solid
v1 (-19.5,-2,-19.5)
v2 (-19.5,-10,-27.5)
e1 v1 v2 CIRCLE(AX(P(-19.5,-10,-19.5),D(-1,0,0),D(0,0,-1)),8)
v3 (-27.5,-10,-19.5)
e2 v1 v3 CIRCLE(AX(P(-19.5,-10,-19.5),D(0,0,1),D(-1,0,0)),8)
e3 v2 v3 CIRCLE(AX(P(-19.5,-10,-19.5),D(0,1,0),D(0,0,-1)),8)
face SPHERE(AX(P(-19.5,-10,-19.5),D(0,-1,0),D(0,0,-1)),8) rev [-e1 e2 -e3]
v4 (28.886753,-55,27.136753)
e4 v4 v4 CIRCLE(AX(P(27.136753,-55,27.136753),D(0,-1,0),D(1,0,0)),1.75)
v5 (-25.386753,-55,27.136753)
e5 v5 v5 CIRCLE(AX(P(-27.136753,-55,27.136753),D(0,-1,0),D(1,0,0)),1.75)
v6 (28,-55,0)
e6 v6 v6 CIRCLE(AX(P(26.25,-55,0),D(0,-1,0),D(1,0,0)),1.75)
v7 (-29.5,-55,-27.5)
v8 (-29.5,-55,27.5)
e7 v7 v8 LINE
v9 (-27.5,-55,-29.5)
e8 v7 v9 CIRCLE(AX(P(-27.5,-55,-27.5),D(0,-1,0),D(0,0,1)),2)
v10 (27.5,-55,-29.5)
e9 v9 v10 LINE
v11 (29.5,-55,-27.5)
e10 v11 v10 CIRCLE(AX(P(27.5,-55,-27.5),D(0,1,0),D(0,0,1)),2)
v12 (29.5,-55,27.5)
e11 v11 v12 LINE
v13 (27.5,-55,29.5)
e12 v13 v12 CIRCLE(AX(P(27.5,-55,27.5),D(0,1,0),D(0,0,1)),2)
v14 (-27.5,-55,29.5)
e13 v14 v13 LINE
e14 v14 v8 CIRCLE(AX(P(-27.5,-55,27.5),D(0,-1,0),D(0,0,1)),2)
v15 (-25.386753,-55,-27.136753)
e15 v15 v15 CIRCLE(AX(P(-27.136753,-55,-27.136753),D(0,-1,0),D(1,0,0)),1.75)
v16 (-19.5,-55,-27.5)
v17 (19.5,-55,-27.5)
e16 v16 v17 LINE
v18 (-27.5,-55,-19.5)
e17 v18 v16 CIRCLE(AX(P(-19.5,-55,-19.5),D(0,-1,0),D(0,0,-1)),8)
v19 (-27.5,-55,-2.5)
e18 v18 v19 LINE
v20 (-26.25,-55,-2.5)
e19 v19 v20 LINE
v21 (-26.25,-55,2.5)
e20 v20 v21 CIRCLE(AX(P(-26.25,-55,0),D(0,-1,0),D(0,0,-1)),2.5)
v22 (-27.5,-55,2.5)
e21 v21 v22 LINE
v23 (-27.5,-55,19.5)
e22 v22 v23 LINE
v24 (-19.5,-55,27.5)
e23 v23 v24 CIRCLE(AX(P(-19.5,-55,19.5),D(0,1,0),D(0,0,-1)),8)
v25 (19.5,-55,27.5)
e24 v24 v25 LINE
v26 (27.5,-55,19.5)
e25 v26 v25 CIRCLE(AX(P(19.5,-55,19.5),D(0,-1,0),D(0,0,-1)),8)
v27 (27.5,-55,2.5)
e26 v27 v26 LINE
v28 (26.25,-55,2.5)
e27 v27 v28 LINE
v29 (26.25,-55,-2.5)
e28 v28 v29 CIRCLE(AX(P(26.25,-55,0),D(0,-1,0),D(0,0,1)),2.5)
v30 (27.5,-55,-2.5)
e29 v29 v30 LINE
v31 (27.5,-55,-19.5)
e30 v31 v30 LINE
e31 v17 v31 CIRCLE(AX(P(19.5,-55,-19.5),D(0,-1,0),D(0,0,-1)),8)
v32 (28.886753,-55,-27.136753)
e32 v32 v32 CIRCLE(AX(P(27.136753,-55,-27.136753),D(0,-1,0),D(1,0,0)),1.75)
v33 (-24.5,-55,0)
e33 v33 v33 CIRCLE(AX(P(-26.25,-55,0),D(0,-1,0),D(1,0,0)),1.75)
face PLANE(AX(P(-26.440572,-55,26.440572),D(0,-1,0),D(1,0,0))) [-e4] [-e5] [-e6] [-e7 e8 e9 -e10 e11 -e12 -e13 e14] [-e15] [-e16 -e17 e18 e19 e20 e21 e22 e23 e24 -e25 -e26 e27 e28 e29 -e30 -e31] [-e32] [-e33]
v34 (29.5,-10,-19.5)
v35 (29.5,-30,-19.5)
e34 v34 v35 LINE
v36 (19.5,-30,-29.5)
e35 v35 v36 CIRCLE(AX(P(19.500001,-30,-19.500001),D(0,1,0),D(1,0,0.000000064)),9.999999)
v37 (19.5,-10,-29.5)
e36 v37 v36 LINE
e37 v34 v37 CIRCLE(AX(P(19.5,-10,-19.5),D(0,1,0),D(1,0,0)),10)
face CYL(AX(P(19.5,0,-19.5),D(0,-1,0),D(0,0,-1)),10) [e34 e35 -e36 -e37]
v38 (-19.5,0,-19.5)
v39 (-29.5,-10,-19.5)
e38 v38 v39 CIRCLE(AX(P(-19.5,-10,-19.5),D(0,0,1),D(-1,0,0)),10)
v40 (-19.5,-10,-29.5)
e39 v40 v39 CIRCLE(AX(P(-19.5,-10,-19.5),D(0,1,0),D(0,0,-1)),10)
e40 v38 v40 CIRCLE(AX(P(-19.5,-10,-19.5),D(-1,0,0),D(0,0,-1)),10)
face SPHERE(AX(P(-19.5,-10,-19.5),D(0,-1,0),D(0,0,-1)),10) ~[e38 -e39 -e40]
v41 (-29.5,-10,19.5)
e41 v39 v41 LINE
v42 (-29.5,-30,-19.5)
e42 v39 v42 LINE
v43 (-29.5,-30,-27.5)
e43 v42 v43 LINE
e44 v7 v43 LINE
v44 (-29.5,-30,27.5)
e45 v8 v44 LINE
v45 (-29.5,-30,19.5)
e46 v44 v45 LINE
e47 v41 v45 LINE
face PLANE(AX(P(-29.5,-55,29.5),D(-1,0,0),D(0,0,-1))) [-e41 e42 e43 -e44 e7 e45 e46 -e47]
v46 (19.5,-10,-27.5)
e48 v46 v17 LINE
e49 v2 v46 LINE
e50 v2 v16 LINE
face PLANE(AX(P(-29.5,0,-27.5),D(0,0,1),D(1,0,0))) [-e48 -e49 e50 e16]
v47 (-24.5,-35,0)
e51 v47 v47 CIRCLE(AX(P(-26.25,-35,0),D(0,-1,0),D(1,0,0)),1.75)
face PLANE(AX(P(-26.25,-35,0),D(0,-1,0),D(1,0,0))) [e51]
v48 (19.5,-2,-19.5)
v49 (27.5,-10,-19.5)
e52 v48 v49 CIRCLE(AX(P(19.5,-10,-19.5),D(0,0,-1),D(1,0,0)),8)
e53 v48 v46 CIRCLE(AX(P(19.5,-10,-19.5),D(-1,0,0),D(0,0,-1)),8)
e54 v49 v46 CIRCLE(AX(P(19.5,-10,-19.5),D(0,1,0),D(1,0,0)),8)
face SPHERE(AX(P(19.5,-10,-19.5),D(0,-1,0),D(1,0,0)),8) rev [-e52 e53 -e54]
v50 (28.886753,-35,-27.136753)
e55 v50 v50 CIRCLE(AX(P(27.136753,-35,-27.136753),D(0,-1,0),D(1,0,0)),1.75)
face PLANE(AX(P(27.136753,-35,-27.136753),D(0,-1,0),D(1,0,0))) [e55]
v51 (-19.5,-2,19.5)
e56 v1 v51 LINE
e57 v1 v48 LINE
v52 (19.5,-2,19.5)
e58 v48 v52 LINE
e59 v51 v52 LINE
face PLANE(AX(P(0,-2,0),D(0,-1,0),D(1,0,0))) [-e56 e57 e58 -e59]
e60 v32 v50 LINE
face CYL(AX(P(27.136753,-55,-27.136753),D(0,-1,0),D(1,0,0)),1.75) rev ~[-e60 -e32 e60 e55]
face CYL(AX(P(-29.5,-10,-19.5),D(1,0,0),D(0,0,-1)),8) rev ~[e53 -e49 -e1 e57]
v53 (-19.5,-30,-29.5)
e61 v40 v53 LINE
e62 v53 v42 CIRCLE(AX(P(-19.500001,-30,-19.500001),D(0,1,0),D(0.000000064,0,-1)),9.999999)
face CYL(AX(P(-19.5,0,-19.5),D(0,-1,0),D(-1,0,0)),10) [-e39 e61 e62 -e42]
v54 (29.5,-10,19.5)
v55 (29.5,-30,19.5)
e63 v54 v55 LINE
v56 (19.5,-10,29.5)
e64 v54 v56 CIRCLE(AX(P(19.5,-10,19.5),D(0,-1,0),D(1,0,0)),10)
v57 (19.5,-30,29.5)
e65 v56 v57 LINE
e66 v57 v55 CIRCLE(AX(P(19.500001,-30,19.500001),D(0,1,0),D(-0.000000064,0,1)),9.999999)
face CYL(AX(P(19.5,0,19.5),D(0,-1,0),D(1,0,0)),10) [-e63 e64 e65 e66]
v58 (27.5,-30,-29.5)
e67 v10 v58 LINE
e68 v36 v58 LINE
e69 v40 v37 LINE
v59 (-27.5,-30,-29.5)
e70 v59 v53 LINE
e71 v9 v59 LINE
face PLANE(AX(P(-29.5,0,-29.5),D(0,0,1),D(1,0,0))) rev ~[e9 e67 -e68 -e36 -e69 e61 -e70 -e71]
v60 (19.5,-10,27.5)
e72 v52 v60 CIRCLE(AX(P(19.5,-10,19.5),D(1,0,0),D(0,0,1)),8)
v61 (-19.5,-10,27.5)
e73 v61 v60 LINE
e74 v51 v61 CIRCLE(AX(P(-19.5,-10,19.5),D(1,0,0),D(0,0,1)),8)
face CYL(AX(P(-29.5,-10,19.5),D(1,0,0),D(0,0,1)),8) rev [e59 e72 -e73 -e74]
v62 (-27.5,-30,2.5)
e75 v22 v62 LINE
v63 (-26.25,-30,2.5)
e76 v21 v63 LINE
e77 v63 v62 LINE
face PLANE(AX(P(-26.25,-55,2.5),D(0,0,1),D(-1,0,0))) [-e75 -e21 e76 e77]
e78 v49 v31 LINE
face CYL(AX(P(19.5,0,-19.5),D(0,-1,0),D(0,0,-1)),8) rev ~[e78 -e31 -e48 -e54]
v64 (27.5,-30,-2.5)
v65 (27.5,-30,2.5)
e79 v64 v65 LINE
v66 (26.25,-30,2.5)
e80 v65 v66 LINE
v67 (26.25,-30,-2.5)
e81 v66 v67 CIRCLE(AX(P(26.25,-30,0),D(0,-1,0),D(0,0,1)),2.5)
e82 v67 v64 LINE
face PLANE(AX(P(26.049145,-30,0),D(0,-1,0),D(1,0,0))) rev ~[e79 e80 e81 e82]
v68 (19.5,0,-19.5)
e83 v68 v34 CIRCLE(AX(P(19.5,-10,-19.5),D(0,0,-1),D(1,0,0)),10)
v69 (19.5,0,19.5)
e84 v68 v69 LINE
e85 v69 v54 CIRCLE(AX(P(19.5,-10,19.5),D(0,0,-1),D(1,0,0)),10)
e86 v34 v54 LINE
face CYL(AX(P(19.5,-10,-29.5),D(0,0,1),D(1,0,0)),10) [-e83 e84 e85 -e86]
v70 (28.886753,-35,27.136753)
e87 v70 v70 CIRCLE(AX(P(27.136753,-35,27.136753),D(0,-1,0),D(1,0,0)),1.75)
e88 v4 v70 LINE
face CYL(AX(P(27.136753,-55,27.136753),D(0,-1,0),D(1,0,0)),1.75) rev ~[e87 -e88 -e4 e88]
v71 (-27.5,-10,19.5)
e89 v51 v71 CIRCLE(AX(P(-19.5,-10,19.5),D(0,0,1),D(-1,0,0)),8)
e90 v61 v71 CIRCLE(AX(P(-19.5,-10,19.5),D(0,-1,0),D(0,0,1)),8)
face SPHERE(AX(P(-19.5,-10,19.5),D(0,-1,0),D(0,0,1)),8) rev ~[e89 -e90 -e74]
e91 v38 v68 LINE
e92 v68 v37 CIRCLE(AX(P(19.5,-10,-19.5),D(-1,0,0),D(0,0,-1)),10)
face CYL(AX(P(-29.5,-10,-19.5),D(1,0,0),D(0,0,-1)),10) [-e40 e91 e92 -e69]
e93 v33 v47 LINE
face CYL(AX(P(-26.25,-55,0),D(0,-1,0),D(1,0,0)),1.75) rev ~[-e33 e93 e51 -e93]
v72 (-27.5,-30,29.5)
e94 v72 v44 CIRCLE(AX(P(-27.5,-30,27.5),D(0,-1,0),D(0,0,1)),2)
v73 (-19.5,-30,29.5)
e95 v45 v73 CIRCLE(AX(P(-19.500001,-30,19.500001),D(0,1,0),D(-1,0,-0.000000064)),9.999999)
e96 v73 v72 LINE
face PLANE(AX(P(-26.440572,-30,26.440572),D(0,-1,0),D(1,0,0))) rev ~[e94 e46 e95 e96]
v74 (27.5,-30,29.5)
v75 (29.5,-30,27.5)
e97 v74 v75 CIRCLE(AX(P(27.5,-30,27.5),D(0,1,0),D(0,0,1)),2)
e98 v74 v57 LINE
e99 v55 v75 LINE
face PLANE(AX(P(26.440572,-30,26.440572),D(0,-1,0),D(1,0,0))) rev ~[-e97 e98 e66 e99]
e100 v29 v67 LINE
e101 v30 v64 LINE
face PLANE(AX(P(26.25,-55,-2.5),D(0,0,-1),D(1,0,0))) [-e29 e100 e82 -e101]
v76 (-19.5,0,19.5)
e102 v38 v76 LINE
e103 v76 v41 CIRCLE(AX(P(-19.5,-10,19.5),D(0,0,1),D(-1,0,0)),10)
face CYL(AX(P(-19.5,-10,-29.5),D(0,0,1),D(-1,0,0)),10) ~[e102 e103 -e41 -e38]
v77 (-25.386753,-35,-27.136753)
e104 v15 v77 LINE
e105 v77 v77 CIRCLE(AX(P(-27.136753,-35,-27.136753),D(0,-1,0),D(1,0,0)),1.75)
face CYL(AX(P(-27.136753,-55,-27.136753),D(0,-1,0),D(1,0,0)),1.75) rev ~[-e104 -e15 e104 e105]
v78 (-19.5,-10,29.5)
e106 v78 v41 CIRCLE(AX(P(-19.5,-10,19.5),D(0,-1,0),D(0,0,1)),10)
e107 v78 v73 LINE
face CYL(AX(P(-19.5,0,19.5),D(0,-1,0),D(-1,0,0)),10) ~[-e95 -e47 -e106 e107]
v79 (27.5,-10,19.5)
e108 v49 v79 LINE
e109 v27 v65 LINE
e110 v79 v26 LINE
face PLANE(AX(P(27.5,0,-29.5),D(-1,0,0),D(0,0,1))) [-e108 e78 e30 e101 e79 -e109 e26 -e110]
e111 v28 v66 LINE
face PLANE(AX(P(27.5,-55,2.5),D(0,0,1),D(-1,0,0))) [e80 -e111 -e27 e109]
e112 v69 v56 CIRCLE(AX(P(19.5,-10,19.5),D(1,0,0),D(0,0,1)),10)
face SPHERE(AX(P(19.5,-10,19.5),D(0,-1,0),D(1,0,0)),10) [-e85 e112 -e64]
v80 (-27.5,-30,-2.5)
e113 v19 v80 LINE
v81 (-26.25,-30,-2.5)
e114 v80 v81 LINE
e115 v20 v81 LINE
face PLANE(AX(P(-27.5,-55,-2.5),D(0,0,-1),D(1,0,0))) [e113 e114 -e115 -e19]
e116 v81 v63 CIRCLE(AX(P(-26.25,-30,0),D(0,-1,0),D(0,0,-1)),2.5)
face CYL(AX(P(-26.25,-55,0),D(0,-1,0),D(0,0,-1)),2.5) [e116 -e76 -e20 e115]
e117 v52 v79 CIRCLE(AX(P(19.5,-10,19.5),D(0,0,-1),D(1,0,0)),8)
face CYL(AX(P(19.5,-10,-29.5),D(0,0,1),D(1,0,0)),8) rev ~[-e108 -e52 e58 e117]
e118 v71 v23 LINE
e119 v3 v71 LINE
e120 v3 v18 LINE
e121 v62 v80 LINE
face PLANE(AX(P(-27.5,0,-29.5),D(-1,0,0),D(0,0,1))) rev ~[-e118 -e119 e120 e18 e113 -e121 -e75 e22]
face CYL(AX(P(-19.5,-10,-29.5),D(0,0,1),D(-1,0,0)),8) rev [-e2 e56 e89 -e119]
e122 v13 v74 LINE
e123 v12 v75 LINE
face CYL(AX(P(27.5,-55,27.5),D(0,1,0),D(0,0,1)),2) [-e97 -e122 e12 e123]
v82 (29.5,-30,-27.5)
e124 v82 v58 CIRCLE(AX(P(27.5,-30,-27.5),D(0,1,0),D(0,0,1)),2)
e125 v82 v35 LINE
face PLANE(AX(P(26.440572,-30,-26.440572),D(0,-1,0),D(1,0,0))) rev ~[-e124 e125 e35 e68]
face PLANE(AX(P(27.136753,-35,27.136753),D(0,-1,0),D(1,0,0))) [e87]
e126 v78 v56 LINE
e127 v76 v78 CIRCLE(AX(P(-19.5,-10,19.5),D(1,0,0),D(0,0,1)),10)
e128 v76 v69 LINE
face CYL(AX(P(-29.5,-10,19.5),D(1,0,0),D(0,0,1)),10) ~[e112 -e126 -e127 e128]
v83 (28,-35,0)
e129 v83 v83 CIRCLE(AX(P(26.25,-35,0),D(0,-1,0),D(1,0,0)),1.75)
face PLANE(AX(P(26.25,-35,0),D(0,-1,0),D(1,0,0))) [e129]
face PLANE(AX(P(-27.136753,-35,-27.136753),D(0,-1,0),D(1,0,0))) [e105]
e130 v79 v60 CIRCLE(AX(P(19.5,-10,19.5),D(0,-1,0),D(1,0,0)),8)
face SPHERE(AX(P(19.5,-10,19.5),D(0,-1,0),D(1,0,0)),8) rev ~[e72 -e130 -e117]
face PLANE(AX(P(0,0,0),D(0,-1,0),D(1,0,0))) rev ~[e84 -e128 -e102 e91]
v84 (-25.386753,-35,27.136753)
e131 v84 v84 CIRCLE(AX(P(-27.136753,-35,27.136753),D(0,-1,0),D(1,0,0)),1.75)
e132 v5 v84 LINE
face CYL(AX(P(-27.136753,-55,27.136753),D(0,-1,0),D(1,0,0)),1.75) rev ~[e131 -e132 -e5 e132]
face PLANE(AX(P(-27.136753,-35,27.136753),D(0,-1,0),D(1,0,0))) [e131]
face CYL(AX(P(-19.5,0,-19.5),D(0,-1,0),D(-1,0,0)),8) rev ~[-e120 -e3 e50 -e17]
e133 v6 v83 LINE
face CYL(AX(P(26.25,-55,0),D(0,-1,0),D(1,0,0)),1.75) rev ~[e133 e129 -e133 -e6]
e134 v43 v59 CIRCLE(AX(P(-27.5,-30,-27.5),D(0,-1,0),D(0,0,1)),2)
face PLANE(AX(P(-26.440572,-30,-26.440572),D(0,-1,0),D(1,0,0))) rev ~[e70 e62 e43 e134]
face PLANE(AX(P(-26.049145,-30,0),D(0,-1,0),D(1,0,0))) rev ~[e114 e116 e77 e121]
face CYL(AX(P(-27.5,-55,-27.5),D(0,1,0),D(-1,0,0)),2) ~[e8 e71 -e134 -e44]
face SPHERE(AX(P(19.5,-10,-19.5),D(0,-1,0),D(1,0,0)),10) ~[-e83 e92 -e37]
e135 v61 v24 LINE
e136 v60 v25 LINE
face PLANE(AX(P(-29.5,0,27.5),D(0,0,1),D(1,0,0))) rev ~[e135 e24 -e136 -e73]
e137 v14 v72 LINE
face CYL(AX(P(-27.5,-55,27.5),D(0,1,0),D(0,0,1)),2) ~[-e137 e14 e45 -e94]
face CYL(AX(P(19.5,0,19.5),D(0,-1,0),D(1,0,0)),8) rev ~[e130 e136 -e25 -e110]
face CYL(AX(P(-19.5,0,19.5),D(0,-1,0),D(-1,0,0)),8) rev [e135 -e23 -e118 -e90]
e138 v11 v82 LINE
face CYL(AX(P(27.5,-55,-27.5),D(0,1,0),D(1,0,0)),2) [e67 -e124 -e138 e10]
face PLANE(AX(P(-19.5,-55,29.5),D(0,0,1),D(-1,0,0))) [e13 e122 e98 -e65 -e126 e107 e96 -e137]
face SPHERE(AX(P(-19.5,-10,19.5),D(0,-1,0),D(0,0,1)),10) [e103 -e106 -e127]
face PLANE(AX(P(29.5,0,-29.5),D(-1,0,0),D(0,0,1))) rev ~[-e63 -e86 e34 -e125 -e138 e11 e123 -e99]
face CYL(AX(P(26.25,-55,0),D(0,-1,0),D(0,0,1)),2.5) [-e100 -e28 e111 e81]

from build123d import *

# Parameters (mm, degrees)
F0_W     = 59
F0_H     = 59
F1_DEPTH = 55
F2_R     = 10
F3_T     = -2
F5_DEPTH = 25
F6_R     = 1.75
F7_DEPTH = 20
F8_R     = 2


with BuildPart() as f1:
    # F0 (on Front) → F1 (new body)
    with BuildSketch(Plane.XZ):
        Rectangle(F0_W, F0_H)
    extrude(amount=F1_DEPTH)

    # F2
    f2_edges = [f1.edges().sort_by_distance(p)[0] for p in [
        (-29.5, -27.5, 29.5),
        (29.5, -27.5, 29.5),
        (29.5, -27.5, -29.5),
        (-29.5, -27.5, -29.5),
        (29.5, 0, 0),
        (0, 0, 29.5),
        (0, 0, -29.5),
        (-29.5, 0, 0),
    ]]
    fillet(f2_edges, radius=F2_R)

    # F3
    f3_openings = [f1.faces().sort_by_distance(p)[0] for p in [
        (0, -55, 0),
    ]]
    offset(amount=F3_T, openings=f3_openings)

    # F4 (on face) → F5 (join)
    with BuildSketch(Plane.XZ.offset(55)):
        with BuildLine():
            ThreePointArc((-29.5, 19.5), (-26.571068, 26.571068), (-19.5, 29.5))
            Line((-19.5, 29.5), (-29.5, 29.5))
            Line((-29.5, 29.5), (-29.5, 19.5))
        make_face()
        with BuildLine():
            Line((29.5, 29.5), (19.5, 29.5))
            ThreePointArc((19.5, 29.5), (26.571068, 26.571068), (29.5, 19.5))
            Line((29.5, 19.5), (29.5, 29.5))
        make_face()
        with BuildLine():
            Line((-29.5, -19.5), (-29.5, -29.5))
            Line((-29.5, -29.5), (-19.5, -29.5))
            ThreePointArc((-19.5, -29.5), (-26.571068, -26.571068), (-29.5, -19.5))
        make_face()
        with BuildLine():
            ThreePointArc((29.5, -19.5), (26.571068, -26.571068), (19.5, -29.5))
            Line((19.5, -29.5), (29.5, -29.5))
            Line((29.5, -29.5), (29.5, -19.5))
        make_face()
        with BuildLine():
            Line((-27.5, -2.5), (-26.25, -2.5))
            ThreePointArc((-26.25, -2.5), (-23.75, 0), (-26.25, 2.5))
            Line((-26.25, 2.5), (-27.5, 2.5))
            Line((-27.5, 2.5), (-27.5, -2.5))
        make_face()
        with BuildLine():
            ThreePointArc((26.25, 2.5), (23.75, 0), (26.25, -2.5))
            Line((26.25, -2.5), (27.5, -2.5))
            Line((27.5, -2.5), (27.5, 2.5))
            Line((27.5, 2.5), (26.25, 2.5))
        make_face()
    extrude(amount=-F5_DEPTH)

    # F6 (on face) → F7 (cut)
    with BuildSketch(Plane.XZ.offset(55)):
        with Locations((27.136753, 27.136753)):
            Circle(F6_R)
        with Locations((27.136753, -27.136753)):
            Circle(F6_R)
        with Locations((-27.136753, -27.136753)):
            Circle(F6_R)
        with Locations((-27.136753, 27.136753)):
            Circle(F6_R)
        with Locations((-26.25, 0)):
            Circle(F6_R)
        with Locations((26.25, 0)):
            Circle(F6_R)
    extrude(amount=-F7_DEPTH, mode=Mode.SUBTRACT)

    # F8
    f8_edges = [f1.edges().sort_by_distance(p)[0] for p in [
        (29.5, -42.5, 29.5),
        (29.5, -42.5, -29.5),
        (-29.5, -42.5, 29.5),
        (-29.5, -42.5, -29.5),
    ]]
    fillet(f8_edges, radius=F8_R)


solid = f1.part
